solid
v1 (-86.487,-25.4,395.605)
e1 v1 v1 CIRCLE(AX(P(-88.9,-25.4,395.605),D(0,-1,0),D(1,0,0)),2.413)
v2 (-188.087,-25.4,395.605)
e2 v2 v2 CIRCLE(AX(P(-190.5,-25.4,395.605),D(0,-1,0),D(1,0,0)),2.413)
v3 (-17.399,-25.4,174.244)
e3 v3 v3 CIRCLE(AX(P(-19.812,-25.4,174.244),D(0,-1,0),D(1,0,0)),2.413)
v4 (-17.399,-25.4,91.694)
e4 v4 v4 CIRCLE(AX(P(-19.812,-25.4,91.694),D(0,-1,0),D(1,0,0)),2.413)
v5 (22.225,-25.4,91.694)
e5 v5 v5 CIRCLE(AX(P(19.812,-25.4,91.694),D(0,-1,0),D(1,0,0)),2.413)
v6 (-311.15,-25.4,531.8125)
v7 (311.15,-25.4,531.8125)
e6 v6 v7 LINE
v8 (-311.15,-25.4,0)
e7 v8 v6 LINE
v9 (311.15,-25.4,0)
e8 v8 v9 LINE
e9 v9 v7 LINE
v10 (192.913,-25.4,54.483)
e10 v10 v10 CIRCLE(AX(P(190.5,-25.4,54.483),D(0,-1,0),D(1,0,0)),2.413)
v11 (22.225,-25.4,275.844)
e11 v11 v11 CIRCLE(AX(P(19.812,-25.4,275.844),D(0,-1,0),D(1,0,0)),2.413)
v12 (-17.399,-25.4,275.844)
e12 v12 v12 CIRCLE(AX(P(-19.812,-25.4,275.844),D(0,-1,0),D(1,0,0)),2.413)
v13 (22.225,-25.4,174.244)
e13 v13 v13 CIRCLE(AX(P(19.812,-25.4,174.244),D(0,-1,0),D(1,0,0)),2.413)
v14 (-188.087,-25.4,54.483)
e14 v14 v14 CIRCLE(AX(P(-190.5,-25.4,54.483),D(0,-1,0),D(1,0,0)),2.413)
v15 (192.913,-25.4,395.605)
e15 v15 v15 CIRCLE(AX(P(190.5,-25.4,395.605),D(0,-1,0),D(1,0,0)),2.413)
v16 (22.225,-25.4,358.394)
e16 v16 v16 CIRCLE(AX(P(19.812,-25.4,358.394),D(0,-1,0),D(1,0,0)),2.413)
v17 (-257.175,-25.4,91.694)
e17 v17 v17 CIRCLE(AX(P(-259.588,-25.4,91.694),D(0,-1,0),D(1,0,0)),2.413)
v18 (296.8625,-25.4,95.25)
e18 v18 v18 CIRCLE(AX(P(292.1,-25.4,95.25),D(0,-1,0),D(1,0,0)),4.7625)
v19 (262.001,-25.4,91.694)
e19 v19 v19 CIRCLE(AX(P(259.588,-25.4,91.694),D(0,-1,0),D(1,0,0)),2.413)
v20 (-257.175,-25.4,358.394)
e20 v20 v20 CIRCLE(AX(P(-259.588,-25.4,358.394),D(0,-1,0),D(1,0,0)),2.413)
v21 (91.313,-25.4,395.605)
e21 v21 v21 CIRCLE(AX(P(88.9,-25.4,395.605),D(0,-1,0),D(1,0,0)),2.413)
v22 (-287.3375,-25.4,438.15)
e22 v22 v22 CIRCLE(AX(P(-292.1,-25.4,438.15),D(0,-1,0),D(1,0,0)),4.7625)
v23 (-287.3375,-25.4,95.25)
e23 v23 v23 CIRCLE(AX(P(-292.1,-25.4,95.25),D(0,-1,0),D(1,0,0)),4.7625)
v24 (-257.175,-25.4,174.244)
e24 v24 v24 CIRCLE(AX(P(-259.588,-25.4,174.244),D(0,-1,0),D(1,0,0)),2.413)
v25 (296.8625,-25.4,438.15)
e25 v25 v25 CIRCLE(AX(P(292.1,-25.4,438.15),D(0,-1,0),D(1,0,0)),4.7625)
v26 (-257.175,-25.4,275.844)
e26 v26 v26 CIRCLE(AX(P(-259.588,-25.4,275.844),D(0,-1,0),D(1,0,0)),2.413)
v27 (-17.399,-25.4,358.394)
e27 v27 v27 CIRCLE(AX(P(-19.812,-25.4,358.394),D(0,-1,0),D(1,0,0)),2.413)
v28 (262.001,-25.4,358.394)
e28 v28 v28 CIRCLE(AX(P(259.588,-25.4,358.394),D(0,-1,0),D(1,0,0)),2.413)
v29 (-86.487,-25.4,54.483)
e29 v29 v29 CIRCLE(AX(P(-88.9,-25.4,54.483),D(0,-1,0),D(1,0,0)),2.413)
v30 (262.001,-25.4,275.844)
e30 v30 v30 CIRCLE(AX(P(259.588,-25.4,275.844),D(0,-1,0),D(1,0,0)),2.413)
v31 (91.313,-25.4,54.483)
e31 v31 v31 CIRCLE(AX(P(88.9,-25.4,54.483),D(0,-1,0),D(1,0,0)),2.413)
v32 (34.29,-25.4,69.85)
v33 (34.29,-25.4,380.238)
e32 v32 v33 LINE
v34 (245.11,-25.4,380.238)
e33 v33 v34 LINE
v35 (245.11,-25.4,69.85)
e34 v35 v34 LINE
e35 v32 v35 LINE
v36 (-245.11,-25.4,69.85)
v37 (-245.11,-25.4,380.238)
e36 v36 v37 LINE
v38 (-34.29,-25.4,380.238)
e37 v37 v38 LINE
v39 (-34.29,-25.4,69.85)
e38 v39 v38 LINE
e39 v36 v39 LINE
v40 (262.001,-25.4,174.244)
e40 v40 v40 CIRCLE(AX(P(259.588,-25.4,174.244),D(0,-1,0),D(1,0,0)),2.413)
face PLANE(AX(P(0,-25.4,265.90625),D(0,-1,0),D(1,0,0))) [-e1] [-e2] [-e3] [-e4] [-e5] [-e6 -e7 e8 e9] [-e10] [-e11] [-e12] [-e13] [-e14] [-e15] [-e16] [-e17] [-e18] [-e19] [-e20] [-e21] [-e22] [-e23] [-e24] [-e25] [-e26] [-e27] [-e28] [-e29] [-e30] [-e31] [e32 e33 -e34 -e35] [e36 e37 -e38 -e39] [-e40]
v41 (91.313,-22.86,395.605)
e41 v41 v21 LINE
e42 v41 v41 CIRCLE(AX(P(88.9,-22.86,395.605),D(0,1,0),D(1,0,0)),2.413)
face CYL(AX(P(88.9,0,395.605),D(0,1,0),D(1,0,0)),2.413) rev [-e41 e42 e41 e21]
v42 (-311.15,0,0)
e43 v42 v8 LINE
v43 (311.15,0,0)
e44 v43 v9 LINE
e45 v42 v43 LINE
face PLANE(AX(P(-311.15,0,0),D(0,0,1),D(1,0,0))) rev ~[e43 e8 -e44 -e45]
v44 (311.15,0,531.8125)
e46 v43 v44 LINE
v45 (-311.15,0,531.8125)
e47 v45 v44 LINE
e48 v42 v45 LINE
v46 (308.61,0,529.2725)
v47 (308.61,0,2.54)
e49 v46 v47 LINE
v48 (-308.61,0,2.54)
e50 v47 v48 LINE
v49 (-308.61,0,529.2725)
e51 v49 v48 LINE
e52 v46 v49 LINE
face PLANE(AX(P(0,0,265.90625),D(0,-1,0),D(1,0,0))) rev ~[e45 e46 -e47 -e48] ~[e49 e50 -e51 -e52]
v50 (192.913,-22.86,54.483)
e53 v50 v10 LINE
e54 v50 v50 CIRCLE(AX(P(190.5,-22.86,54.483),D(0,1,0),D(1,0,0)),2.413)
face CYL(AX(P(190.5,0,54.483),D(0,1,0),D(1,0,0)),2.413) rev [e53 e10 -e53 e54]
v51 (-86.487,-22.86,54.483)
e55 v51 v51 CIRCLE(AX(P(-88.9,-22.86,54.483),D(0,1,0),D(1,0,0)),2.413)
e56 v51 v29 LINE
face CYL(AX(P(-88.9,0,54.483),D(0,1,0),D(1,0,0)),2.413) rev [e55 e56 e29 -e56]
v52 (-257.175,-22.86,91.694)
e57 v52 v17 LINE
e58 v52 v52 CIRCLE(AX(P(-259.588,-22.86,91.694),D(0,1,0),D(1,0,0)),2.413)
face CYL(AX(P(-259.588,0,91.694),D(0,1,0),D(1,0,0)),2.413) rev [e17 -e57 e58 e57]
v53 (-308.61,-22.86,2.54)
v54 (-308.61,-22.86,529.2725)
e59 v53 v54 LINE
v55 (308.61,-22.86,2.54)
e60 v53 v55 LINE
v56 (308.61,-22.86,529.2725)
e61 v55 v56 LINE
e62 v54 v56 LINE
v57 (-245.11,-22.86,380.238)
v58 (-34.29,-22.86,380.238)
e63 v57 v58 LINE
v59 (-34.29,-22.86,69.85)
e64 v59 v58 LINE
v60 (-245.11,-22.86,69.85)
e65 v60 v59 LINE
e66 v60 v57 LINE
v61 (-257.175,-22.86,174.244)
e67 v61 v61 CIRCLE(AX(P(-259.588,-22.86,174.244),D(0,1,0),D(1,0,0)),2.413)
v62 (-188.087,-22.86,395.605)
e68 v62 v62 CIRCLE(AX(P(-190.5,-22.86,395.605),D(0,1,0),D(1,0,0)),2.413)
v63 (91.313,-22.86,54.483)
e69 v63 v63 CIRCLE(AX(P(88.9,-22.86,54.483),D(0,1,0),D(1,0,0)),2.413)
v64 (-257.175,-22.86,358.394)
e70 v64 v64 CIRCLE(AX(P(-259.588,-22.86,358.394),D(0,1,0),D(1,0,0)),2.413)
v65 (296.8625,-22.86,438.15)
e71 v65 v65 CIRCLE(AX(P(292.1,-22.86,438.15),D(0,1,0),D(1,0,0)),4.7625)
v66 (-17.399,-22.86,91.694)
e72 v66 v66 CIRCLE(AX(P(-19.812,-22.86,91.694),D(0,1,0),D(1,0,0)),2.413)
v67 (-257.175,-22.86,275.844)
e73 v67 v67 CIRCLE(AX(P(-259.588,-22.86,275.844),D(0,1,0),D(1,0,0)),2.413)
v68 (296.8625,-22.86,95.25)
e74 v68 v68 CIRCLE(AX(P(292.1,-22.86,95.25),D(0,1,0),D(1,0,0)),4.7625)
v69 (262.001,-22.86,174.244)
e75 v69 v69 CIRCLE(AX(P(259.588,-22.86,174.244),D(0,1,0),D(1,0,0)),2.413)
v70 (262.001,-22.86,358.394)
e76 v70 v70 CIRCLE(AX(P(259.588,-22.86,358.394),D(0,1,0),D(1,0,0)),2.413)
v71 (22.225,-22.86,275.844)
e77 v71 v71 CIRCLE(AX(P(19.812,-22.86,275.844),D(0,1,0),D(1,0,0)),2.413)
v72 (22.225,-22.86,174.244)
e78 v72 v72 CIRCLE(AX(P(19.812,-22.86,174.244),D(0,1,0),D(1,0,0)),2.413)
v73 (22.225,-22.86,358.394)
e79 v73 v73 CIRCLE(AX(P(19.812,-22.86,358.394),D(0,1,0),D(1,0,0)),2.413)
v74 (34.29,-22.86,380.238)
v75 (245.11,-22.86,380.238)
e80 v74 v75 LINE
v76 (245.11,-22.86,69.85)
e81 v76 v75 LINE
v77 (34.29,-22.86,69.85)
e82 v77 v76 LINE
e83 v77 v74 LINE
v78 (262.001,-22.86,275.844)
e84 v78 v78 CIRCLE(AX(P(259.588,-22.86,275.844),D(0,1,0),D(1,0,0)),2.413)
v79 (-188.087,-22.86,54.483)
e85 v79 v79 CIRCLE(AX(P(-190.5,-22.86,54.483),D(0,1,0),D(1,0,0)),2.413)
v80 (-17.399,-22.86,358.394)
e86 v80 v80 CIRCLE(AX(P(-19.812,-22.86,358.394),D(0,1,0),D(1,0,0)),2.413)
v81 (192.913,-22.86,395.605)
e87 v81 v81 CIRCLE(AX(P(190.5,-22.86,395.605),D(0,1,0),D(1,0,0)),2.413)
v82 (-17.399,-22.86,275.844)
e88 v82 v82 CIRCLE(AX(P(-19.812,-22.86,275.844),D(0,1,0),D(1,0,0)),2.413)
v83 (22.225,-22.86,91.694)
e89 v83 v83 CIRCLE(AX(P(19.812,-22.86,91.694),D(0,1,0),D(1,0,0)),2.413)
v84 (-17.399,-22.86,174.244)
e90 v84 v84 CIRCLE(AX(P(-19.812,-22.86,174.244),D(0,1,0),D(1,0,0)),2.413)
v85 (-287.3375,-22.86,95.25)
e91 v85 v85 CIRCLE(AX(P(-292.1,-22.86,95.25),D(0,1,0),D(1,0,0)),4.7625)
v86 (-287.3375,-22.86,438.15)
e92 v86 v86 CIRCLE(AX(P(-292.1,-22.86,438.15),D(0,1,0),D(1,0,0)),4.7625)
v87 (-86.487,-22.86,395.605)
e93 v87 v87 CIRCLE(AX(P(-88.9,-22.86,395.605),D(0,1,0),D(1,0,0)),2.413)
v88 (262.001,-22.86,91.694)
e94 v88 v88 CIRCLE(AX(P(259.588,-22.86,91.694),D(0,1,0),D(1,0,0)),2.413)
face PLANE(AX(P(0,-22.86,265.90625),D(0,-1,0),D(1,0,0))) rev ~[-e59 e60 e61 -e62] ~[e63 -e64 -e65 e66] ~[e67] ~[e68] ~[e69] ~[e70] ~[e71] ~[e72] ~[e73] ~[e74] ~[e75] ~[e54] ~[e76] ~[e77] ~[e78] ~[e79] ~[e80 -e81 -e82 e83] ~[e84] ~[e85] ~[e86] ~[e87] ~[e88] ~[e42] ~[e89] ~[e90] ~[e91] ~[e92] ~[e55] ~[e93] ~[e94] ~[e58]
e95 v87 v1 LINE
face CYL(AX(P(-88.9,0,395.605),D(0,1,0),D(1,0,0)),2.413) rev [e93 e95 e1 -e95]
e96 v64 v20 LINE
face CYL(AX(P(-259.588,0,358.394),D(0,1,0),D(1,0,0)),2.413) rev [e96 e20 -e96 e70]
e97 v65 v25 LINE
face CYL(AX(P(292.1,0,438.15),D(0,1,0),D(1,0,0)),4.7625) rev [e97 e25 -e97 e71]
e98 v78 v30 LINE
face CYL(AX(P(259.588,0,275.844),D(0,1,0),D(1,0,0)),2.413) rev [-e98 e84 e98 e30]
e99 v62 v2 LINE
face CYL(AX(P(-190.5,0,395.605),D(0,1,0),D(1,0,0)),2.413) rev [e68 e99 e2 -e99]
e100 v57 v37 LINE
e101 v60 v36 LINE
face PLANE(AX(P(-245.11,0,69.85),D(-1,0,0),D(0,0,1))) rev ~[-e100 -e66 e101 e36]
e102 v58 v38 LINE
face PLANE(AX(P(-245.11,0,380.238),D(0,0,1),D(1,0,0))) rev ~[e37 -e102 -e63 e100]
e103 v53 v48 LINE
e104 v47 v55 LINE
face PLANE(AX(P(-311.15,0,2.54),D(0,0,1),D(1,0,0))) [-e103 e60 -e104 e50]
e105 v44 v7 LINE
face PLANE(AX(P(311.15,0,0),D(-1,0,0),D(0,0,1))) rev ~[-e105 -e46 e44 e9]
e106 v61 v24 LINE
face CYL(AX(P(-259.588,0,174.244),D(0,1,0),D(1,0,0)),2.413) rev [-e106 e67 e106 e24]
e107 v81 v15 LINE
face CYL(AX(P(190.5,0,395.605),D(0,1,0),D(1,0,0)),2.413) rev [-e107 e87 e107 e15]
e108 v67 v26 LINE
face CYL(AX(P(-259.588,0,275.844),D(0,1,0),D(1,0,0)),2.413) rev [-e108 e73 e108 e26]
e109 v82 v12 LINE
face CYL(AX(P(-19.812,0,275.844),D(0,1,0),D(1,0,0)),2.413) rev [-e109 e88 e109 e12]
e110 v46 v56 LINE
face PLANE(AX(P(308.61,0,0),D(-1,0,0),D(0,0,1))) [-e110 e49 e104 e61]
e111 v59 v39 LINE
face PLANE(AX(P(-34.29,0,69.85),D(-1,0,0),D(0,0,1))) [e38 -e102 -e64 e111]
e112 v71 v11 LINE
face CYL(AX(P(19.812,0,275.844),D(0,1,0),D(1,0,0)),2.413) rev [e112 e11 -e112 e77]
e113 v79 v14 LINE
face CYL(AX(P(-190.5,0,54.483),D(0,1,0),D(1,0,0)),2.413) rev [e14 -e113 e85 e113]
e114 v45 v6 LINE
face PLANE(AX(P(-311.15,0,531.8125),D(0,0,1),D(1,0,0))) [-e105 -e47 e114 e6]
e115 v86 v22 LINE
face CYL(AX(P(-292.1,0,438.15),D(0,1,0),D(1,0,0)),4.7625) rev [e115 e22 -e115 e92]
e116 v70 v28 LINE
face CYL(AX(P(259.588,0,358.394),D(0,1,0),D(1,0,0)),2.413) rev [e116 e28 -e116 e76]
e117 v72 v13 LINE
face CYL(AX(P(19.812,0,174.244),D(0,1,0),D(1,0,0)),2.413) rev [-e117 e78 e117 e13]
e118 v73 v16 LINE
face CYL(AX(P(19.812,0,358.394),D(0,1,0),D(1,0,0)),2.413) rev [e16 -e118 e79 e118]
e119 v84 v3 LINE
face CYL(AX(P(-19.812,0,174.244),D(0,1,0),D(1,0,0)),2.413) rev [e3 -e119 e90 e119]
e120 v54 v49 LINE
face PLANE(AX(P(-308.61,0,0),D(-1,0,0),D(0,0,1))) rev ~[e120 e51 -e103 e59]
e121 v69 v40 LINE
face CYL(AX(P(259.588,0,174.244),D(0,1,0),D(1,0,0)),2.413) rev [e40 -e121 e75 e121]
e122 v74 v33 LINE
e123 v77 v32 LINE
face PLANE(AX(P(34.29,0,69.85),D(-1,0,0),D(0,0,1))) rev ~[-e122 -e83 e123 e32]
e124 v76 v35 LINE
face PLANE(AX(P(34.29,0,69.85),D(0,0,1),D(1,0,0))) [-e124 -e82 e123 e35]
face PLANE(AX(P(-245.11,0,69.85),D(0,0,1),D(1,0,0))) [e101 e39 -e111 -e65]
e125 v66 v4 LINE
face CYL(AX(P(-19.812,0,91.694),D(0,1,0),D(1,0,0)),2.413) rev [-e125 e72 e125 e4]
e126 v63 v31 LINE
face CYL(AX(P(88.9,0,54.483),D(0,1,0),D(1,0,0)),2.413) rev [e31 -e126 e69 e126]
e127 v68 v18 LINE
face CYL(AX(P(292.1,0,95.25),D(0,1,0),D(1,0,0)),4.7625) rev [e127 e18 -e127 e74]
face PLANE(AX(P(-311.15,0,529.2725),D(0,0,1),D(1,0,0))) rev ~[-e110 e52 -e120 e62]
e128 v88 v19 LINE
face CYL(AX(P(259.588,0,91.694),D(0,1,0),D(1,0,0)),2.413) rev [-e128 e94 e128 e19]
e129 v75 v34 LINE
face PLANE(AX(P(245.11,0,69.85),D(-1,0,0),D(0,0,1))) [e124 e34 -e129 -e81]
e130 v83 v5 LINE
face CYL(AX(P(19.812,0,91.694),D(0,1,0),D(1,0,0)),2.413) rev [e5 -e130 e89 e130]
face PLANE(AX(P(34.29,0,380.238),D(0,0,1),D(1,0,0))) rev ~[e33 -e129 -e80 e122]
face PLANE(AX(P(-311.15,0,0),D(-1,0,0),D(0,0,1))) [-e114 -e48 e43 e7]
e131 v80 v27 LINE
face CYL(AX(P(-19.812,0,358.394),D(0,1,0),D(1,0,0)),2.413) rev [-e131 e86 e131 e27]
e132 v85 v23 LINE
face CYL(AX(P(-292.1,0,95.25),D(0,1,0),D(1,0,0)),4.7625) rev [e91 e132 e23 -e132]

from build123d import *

# Parameters (mm, degrees)
F0_W     = 622.3
F0_H     = 531.8125
F0_R     = 2.413
F0_R_2   = 4.7625
F0_W_2   = 210.82
F0_H_2   = 310.388
F1_DEPTH = 25.4
F2_T     = -2.54
F3_W     = 617.22
F3_H     = 22.86
F4_DEPTH = 526.7325


with BuildPart() as f1:
    # F0 (on Front) → F1 (new body)
    with BuildSketch(Plane.XZ):
        with Locations((0, 265.90625)):
            Rectangle(F0_W, F0_H)
        with Locations((-190.5, 54.483)):
            Circle(F0_R, mode=Mode.SUBTRACT)
        with Locations((-292.1, 95.25)):
            Circle(F0_R_2, mode=Mode.SUBTRACT)
        with Locations((-259.588, 91.694)):
            Circle(F0_R, mode=Mode.SUBTRACT)
        with Locations((-88.9, 54.483)):
            Circle(F0_R, mode=Mode.SUBTRACT)
        with Locations((-19.812, 91.694)):
            Circle(F0_R, mode=Mode.SUBTRACT)
        with Locations((-259.588, 174.244)):
            Circle(F0_R, mode=Mode.SUBTRACT)
        with Locations((-19.812, 174.244)):
            Circle(F0_R, mode=Mode.SUBTRACT)
        with Locations((-139.7, 225.044)):
            Rectangle(F0_W_2, F0_H_2, mode=Mode.SUBTRACT)
        with Locations((88.9, 54.483)):
            Circle(F0_R, mode=Mode.SUBTRACT)
        with Locations((19.812, 91.694)):
            Circle(F0_R, mode=Mode.SUBTRACT)
        with Locations((190.5, 54.483)):
            Circle(F0_R, mode=Mode.SUBTRACT)
        with Locations((259.588, 91.694)):
            Circle(F0_R, mode=Mode.SUBTRACT)
        with Locations((292.1, 95.25)):
            Circle(F0_R_2, mode=Mode.SUBTRACT)
        with Locations((19.812, 174.244)):
            Circle(F0_R, mode=Mode.SUBTRACT)
        with Locations((139.7, 225.044)):
            Rectangle(F0_W_2, F0_H_2, mode=Mode.SUBTRACT)
        with Locations((259.588, 174.244)):
            Circle(F0_R, mode=Mode.SUBTRACT)
        with Locations((-259.588, 275.844)):
            Circle(F0_R, mode=Mode.SUBTRACT)
        with Locations((-259.588, 358.394)):
            Circle(F0_R, mode=Mode.SUBTRACT)
        with Locations((-190.5, 395.605)):
            Circle(F0_R, mode=Mode.SUBTRACT)
        with Locations((-19.812, 275.844)):
            Circle(F0_R, mode=Mode.SUBTRACT)
        with Locations((-88.9, 395.605)):
            Circle(F0_R, mode=Mode.SUBTRACT)
        with Locations((-19.812, 358.394)):
            Circle(F0_R, mode=Mode.SUBTRACT)
        with Locations((-292.1, 438.15)):
            Circle(F0_R_2, mode=Mode.SUBTRACT)
        with Locations((19.812, 275.844)):
            Circle(F0_R, mode=Mode.SUBTRACT)
        with Locations((19.812, 358.394)):
            Circle(F0_R, mode=Mode.SUBTRACT)
        with Locations((88.9, 395.605)):
            Circle(F0_R, mode=Mode.SUBTRACT)
        with Locations((259.588, 275.844)):
            Circle(F0_R, mode=Mode.SUBTRACT)
        with Locations((190.5, 395.605)):
            Circle(F0_R, mode=Mode.SUBTRACT)
        with Locations((259.588, 358.394)):
            Circle(F0_R, mode=Mode.SUBTRACT)
        with Locations((292.1, 438.15)):
            Circle(F0_R_2, mode=Mode.SUBTRACT)
    extrude(amount=F1_DEPTH)

    # F2
    f2_openings = [f1.faces().sort_by_distance(p)[0] for p in [
        (0, 0, 292.820788),
    ]]
    offset(amount=F2_T, openings=f2_openings, kind=Kind.INTERSECTION)

    # F3 (on face) → F4 (cut, through all)
    with BuildSketch(Plane(origin=(0, 0, 529.2725), x_dir=(1, 0, 0), z_dir=(0, 0, -1))):
        with Locations((0, 11.43)):
            Rectangle(F3_W, F3_H)
    extrude(amount=F4_DEPTH, mode=Mode.SUBTRACT)


solid = f1.part
